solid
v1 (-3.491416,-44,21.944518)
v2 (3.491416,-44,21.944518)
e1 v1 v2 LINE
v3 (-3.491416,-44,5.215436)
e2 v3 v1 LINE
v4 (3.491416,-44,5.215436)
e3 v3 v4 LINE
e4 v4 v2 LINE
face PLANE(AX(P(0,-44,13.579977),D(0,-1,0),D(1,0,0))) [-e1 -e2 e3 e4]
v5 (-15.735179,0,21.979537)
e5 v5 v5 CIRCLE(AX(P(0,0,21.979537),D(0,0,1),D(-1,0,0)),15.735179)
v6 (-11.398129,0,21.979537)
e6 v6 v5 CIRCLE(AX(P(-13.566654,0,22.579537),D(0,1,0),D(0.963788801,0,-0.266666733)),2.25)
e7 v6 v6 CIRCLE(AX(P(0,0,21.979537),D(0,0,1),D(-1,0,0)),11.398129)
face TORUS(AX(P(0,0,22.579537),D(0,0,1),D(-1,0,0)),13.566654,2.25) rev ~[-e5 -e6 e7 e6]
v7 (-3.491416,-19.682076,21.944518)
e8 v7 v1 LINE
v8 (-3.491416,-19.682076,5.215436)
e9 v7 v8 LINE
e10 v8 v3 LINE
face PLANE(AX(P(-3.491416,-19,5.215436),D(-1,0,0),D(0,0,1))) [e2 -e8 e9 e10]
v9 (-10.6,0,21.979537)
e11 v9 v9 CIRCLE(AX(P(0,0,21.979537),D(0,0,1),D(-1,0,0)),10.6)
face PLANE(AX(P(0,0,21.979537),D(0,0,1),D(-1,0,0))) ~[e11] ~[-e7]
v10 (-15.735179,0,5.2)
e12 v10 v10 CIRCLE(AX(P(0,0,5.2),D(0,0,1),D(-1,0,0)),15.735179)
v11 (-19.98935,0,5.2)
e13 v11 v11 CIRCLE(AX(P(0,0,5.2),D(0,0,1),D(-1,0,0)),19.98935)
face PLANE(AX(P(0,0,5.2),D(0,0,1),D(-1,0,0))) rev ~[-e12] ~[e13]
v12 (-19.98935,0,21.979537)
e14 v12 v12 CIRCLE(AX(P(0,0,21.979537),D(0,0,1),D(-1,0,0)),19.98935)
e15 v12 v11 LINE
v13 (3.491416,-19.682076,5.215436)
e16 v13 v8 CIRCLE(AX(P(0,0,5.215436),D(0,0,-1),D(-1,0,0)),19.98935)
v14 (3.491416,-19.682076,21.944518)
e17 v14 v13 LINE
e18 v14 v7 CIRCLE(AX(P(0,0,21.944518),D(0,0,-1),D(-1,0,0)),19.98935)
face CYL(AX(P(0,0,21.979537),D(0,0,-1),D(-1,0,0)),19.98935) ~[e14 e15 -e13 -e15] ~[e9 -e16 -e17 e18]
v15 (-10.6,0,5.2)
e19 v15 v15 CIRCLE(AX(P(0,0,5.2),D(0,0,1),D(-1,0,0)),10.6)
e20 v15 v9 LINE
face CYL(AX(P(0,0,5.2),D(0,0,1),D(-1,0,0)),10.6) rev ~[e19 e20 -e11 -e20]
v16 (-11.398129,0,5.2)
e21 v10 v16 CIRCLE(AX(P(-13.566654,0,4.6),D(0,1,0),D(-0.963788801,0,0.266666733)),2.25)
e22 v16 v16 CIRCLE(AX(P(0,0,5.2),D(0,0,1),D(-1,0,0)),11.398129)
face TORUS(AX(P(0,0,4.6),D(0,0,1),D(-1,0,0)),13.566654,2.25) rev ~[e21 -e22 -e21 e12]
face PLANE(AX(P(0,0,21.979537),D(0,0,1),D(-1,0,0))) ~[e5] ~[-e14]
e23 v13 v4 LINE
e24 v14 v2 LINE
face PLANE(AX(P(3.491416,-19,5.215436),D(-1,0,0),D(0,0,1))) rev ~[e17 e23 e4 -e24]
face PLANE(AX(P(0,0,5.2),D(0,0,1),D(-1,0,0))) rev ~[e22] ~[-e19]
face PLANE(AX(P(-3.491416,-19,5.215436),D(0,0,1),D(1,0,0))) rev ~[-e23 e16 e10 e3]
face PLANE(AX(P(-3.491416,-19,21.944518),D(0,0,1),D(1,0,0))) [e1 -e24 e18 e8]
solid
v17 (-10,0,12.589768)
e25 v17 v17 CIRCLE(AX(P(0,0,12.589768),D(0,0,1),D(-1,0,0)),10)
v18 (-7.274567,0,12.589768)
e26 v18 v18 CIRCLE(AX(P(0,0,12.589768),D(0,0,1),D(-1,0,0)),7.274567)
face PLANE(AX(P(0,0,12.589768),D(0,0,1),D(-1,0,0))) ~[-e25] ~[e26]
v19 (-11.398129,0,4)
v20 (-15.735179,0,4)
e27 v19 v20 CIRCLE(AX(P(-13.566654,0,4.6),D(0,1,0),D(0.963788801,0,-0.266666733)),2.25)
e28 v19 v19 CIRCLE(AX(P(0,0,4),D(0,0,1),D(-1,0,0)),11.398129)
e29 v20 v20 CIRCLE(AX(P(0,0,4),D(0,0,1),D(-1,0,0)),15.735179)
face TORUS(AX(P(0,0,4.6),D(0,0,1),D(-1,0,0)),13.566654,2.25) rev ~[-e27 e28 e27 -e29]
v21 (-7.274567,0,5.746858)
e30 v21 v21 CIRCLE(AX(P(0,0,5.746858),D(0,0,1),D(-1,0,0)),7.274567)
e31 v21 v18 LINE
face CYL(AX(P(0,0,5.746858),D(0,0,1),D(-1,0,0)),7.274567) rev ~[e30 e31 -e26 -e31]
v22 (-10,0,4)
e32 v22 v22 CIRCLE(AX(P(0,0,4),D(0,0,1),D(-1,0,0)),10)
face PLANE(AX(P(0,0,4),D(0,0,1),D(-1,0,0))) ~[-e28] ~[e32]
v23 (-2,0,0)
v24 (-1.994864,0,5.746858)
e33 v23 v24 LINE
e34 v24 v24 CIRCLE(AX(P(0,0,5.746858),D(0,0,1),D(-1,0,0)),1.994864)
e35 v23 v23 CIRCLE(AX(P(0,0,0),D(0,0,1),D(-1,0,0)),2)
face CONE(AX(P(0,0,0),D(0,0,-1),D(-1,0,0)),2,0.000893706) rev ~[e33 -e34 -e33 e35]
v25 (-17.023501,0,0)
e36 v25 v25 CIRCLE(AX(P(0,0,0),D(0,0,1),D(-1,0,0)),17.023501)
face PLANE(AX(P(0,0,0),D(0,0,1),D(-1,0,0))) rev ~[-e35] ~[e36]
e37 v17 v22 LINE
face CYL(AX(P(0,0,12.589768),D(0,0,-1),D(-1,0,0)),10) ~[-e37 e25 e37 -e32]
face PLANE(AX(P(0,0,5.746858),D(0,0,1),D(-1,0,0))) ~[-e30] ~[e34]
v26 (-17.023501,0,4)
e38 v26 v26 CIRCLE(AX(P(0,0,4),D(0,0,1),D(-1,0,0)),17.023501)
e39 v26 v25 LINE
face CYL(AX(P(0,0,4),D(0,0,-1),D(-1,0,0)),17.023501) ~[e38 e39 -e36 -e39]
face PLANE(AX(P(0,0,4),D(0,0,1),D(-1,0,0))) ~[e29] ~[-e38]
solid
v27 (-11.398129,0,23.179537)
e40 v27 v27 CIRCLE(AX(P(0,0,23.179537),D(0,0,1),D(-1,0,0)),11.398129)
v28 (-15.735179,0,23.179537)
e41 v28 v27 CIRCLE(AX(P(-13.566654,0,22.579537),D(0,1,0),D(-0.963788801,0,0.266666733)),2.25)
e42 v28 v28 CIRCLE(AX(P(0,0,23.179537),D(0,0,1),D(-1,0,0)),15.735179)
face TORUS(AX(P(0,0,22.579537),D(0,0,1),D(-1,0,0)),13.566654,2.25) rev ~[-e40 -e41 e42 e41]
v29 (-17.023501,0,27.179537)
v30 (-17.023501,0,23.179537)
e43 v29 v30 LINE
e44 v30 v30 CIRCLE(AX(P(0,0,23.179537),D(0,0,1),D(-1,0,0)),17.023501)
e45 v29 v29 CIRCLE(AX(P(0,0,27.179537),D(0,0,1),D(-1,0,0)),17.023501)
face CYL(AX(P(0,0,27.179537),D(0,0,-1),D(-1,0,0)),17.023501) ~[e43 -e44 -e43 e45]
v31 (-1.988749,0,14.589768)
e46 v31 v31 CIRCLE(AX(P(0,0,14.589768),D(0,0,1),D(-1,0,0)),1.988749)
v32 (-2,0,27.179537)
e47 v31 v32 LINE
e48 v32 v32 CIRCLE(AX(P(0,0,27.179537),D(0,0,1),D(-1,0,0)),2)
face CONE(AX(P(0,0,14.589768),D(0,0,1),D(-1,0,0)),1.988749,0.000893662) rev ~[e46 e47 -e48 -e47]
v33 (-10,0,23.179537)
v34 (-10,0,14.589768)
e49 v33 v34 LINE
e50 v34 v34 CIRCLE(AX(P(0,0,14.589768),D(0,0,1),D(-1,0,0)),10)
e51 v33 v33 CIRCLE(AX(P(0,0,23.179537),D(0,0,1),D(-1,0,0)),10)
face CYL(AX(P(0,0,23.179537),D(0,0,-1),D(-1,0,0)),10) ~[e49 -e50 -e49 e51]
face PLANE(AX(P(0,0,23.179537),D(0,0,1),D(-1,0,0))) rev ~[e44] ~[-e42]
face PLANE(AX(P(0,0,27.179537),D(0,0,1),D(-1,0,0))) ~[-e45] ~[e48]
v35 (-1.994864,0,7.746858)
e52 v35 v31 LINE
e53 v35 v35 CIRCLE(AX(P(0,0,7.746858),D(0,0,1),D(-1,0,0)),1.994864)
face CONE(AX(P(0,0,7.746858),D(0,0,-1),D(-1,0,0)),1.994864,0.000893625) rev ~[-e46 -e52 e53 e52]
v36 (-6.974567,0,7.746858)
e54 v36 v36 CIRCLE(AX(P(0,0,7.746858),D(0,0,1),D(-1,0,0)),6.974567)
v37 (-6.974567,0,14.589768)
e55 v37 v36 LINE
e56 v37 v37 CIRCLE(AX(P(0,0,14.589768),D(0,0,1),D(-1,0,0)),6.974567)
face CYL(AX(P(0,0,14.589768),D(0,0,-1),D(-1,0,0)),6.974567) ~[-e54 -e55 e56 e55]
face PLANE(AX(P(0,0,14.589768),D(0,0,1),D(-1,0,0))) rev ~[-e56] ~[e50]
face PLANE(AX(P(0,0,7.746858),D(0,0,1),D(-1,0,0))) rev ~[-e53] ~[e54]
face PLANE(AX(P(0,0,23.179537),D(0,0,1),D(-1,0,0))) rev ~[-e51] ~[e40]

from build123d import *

# Parameters (mm, degrees)
F3_W     = 6.982832
F3_H     = 16.729082
F4_DEPTH = 25


with BuildPart() as f1:
    # F0 (on Front) → F1 (revolve)
    with BuildSketch(Plane.XZ):
        with BuildLine():
            Line((-10, 14.589768), (-6.974567, 14.589768))
            Line((-6.974567, 14.589768), (-6.974567, 12.589768))
            Line((-6.974567, 12.589768), (-6.974567, 7.746858))
            Line((-6.974567, 7.746858), (-1.994864, 7.746858))
            Line((-1.994864, 7.746858), (-1.988749, 14.589768))
            Line((-1.988749, 14.589768), (-2, 27.179537))
            Line((-2, 27.179537), (-17.023501, 27.179537))
            Line((-17.023501, 27.179537), (-17.023501, 23.179537))
            Line((-17.023501, 23.179537), (-15.735179, 23.179537))
            ThreePointArc((-15.735179, 23.179537), (-13.566654, 24.829537), (-11.398129, 23.179537))
            Line((-11.398129, 23.179537), (-10, 23.179537))
            Line((-10, 23.179537), (-10, 14.589768))
        make_face()
        with BuildLine():
            ThreePointArc((-15.735179, 5.2), (-13.566654, 6.85), (-11.398129, 5.2))
            Line((-11.398129, 5.2), (-10.6, 5.2))
            Line((-10.6, 5.2), (-10.6, 21.979537))
            Line((-10.6, 21.979537), (-11.398129, 21.979537))
            ThreePointArc((-11.398129, 21.979537), (-13.566654, 20.329537), (-15.735179, 21.979537))
            Line((-15.735179, 21.979537), (-19.98935, 21.979537))
            Line((-19.98935, 21.979537), (-19.98935, 5.2))
            Line((-19.98935, 5.2), (-15.735179, 5.2))
        make_face()
        with BuildLine():
            Line((-17.023501, 4), (-17.023501, 0))
            Line((-17.023501, 0), (-2, 0))
            Line((-2, 0), (-1.994864, 5.746858))
            Line((-1.994864, 5.746858), (-7.274567, 5.746858))
            Line((-7.274567, 5.746858), (-7.274567, 12.589768))
            Line((-7.274567, 12.589768), (-10, 12.589768))
            Line((-10, 12.589768), (-10, 4))
            Line((-10, 4), (-11.398129, 4))
            ThreePointArc((-11.398129, 4), (-13.566654, 2.35), (-15.735179, 4))
            Line((-15.735179, 4), (-17.023501, 4))
        make_face()
    revolve(axis=Axis((0, 0, 14.994938), (0, 0, 1)))

    # F3 (on offset) → F4 (join)
    with BuildSketch(Plane.XZ.offset(19)):
        with Locations((0, 13.579977)):
            Rectangle(F3_W, F3_H)
    extrude(amount=F4_DEPTH)


solid = f1.part
